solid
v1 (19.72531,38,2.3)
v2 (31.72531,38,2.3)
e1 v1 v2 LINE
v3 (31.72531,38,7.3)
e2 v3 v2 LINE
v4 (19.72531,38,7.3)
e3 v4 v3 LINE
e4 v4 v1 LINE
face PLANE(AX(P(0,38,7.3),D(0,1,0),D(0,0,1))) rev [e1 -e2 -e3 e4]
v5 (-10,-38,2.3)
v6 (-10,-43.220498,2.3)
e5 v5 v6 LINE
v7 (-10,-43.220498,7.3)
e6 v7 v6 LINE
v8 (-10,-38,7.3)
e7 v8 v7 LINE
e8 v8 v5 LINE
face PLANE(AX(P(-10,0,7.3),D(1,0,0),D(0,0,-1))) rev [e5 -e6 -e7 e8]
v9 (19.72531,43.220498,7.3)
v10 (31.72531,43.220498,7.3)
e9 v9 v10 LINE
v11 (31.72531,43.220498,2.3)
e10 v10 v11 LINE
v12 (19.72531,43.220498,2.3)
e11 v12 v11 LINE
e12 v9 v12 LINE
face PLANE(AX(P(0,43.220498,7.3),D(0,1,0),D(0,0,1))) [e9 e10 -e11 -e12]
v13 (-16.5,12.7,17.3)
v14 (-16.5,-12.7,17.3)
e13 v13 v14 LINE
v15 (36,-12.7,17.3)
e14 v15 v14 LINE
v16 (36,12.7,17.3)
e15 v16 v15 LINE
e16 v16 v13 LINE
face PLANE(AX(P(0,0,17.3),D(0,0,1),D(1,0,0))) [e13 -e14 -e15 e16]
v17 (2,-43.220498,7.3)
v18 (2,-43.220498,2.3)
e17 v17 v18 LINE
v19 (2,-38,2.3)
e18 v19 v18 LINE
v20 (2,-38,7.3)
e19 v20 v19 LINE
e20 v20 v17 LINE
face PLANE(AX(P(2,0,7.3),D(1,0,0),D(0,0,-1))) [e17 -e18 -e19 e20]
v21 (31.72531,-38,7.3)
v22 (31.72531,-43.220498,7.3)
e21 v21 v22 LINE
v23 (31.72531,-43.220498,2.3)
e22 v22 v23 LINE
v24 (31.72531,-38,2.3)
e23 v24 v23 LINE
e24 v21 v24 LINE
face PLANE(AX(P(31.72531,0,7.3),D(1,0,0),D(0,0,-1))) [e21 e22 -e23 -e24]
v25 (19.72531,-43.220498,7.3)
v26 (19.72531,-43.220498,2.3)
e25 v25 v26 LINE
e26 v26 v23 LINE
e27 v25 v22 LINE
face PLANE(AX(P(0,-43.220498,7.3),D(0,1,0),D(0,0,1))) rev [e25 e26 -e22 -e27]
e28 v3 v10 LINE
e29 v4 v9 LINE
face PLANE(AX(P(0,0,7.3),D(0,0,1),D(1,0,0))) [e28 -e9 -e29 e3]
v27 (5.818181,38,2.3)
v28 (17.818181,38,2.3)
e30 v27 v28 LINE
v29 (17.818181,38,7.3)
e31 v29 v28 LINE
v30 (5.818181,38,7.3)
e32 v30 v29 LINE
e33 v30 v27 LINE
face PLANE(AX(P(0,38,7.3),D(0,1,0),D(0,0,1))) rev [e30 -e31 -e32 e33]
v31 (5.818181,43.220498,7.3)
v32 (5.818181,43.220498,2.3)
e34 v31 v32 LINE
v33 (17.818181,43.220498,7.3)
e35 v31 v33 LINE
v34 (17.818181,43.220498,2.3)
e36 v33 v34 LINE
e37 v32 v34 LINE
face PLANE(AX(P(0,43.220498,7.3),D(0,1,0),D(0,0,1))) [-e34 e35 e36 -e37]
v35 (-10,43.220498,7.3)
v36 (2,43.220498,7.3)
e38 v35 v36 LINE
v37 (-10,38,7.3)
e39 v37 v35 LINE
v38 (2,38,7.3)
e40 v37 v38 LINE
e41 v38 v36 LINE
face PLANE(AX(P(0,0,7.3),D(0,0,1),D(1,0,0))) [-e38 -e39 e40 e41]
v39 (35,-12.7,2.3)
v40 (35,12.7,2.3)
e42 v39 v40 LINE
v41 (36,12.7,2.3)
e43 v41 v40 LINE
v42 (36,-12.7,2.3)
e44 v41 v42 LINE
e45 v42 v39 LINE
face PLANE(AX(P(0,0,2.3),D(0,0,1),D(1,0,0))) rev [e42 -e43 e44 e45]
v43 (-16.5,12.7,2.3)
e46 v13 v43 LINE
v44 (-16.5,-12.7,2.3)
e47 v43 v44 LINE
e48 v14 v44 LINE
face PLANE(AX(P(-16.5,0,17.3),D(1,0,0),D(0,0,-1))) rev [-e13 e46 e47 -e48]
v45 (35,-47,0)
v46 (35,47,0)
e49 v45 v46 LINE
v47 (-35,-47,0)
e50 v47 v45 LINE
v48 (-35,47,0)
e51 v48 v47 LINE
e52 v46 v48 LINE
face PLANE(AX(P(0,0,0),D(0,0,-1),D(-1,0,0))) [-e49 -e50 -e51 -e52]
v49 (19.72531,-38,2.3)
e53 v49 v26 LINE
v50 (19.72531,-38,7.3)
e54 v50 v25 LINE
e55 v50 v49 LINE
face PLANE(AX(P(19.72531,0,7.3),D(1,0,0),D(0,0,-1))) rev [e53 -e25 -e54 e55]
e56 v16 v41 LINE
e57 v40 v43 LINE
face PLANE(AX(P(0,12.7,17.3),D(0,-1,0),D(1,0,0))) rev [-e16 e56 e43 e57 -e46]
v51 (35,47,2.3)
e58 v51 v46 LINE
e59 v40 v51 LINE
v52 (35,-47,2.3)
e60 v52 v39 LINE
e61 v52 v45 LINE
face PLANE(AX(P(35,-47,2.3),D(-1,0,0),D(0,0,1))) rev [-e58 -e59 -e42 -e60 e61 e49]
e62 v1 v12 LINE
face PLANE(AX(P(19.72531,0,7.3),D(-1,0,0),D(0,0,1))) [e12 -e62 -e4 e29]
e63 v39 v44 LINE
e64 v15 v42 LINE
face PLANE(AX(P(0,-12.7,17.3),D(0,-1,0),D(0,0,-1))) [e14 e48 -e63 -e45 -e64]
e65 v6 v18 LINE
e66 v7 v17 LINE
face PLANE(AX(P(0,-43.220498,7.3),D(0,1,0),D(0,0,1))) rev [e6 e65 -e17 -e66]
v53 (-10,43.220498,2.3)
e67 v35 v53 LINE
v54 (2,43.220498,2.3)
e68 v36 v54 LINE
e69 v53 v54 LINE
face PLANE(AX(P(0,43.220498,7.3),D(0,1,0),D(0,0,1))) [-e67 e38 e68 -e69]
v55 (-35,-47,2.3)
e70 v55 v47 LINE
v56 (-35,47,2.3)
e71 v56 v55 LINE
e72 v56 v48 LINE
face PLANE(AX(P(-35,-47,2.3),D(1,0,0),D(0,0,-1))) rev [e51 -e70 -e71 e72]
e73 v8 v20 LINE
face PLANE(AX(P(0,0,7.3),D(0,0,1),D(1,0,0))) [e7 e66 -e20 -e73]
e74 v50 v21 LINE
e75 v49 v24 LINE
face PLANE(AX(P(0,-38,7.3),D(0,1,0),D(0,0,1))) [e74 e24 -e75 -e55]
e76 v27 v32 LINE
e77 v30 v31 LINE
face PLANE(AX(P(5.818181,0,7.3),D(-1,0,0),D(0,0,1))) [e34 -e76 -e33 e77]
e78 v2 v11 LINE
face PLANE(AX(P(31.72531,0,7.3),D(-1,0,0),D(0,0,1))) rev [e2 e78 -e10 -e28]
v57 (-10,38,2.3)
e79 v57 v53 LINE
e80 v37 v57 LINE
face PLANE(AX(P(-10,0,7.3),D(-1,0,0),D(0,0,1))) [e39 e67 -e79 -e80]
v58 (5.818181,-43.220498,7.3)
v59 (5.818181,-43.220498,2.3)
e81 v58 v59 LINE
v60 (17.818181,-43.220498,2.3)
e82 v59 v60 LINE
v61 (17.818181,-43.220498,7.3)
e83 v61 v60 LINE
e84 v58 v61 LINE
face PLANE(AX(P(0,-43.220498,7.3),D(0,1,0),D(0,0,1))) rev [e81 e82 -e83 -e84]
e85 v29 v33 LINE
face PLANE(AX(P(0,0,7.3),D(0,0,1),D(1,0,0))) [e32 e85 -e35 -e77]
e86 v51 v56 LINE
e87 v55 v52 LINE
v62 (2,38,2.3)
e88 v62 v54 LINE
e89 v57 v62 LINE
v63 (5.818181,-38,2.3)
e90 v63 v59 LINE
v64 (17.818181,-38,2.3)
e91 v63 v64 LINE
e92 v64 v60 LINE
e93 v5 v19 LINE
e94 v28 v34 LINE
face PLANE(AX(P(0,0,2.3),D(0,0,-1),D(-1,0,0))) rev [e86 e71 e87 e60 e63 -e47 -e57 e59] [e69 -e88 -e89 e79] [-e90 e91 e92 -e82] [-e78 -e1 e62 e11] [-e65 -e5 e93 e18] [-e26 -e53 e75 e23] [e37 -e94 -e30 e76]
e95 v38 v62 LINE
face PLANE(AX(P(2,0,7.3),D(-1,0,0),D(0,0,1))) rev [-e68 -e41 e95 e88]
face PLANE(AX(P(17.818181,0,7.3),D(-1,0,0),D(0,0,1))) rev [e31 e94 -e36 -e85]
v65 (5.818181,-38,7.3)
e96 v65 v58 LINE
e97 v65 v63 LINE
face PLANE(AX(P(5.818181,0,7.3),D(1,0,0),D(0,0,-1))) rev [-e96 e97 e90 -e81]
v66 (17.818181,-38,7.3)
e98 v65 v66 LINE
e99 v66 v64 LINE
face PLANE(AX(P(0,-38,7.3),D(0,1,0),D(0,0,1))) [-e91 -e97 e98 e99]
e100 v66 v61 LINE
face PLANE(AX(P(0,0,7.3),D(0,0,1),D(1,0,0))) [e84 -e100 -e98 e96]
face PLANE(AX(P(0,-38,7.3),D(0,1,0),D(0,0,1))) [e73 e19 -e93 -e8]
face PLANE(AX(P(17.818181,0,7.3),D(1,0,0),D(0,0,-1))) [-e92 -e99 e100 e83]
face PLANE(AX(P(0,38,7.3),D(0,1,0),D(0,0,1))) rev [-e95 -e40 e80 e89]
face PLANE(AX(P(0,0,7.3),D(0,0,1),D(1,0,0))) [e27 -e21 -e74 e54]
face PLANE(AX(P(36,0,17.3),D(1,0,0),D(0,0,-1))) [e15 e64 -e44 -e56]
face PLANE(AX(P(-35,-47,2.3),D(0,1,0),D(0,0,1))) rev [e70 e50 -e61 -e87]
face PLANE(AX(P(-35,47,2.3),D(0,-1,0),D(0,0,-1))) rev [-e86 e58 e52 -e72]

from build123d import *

# Parameters (mm, degrees)
SKETCH2_W           = 70
SKETCH2_H           = 94
BOSS_EXTRUDE1_DEPTH = 2.3
SKETCH3_W           = 51.5
SKETCH3_H           = 12.7
BOSS_EXTRUDE2_DEPTH = 15
SKETCH4_W           = 12
SKETCH4_H           = 5.220497566
BOSS_EXTRUDE3_DEPTH = 5


with BuildPart() as part:
    # Sketch2 → Boss-Extrude1 (new body)
    with BuildSketch(Plane.XY):
        Rectangle(SKETCH2_W, SKETCH2_H)
    extrude(amount=BOSS_EXTRUDE1_DEPTH)

    # Sketch3 → Boss-Extrude2 (add)
    with BuildSketch(Plane.XY.offset(2.3)):
        with Locations((9.25, 6.35)):
            Rectangle(SKETCH3_W, SKETCH3_H)
        with Locations((9.25, -6.35)):
            Rectangle(SKETCH3_W, SKETCH3_H)
        Polygon((35, 12.7), (35, 0), (35, -12.7), (36, -12.7), (36, 12.7), align=None)
    extrude(amount=BOSS_EXTRUDE2_DEPTH)

    # Sketch4 → Boss-Extrude3 (add)
    with BuildSketch(Plane.XY.offset(2.3)):
        with Locations((-4, 40.610248783)):
            Rectangle(SKETCH4_W, SKETCH4_H)
        with Locations((11.818181083, 40.610248783)):
            Rectangle(SKETCH4_W, SKETCH4_H)
        with Locations((25.725310397, 40.610248783)):
            Rectangle(SKETCH4_W, SKETCH4_H)
        with Locations((-4, -40.610248783)):
            Rectangle(SKETCH4_W, SKETCH4_H)
        with Locations((11.818181083, -40.610248783)):
            Rectangle(SKETCH4_W, SKETCH4_H)
        with Locations((25.725310397, -40.610248783)):
            Rectangle(SKETCH4_W, SKETCH4_H)
    extrude(amount=BOSS_EXTRUDE3_DEPTH)


solid = part.part
